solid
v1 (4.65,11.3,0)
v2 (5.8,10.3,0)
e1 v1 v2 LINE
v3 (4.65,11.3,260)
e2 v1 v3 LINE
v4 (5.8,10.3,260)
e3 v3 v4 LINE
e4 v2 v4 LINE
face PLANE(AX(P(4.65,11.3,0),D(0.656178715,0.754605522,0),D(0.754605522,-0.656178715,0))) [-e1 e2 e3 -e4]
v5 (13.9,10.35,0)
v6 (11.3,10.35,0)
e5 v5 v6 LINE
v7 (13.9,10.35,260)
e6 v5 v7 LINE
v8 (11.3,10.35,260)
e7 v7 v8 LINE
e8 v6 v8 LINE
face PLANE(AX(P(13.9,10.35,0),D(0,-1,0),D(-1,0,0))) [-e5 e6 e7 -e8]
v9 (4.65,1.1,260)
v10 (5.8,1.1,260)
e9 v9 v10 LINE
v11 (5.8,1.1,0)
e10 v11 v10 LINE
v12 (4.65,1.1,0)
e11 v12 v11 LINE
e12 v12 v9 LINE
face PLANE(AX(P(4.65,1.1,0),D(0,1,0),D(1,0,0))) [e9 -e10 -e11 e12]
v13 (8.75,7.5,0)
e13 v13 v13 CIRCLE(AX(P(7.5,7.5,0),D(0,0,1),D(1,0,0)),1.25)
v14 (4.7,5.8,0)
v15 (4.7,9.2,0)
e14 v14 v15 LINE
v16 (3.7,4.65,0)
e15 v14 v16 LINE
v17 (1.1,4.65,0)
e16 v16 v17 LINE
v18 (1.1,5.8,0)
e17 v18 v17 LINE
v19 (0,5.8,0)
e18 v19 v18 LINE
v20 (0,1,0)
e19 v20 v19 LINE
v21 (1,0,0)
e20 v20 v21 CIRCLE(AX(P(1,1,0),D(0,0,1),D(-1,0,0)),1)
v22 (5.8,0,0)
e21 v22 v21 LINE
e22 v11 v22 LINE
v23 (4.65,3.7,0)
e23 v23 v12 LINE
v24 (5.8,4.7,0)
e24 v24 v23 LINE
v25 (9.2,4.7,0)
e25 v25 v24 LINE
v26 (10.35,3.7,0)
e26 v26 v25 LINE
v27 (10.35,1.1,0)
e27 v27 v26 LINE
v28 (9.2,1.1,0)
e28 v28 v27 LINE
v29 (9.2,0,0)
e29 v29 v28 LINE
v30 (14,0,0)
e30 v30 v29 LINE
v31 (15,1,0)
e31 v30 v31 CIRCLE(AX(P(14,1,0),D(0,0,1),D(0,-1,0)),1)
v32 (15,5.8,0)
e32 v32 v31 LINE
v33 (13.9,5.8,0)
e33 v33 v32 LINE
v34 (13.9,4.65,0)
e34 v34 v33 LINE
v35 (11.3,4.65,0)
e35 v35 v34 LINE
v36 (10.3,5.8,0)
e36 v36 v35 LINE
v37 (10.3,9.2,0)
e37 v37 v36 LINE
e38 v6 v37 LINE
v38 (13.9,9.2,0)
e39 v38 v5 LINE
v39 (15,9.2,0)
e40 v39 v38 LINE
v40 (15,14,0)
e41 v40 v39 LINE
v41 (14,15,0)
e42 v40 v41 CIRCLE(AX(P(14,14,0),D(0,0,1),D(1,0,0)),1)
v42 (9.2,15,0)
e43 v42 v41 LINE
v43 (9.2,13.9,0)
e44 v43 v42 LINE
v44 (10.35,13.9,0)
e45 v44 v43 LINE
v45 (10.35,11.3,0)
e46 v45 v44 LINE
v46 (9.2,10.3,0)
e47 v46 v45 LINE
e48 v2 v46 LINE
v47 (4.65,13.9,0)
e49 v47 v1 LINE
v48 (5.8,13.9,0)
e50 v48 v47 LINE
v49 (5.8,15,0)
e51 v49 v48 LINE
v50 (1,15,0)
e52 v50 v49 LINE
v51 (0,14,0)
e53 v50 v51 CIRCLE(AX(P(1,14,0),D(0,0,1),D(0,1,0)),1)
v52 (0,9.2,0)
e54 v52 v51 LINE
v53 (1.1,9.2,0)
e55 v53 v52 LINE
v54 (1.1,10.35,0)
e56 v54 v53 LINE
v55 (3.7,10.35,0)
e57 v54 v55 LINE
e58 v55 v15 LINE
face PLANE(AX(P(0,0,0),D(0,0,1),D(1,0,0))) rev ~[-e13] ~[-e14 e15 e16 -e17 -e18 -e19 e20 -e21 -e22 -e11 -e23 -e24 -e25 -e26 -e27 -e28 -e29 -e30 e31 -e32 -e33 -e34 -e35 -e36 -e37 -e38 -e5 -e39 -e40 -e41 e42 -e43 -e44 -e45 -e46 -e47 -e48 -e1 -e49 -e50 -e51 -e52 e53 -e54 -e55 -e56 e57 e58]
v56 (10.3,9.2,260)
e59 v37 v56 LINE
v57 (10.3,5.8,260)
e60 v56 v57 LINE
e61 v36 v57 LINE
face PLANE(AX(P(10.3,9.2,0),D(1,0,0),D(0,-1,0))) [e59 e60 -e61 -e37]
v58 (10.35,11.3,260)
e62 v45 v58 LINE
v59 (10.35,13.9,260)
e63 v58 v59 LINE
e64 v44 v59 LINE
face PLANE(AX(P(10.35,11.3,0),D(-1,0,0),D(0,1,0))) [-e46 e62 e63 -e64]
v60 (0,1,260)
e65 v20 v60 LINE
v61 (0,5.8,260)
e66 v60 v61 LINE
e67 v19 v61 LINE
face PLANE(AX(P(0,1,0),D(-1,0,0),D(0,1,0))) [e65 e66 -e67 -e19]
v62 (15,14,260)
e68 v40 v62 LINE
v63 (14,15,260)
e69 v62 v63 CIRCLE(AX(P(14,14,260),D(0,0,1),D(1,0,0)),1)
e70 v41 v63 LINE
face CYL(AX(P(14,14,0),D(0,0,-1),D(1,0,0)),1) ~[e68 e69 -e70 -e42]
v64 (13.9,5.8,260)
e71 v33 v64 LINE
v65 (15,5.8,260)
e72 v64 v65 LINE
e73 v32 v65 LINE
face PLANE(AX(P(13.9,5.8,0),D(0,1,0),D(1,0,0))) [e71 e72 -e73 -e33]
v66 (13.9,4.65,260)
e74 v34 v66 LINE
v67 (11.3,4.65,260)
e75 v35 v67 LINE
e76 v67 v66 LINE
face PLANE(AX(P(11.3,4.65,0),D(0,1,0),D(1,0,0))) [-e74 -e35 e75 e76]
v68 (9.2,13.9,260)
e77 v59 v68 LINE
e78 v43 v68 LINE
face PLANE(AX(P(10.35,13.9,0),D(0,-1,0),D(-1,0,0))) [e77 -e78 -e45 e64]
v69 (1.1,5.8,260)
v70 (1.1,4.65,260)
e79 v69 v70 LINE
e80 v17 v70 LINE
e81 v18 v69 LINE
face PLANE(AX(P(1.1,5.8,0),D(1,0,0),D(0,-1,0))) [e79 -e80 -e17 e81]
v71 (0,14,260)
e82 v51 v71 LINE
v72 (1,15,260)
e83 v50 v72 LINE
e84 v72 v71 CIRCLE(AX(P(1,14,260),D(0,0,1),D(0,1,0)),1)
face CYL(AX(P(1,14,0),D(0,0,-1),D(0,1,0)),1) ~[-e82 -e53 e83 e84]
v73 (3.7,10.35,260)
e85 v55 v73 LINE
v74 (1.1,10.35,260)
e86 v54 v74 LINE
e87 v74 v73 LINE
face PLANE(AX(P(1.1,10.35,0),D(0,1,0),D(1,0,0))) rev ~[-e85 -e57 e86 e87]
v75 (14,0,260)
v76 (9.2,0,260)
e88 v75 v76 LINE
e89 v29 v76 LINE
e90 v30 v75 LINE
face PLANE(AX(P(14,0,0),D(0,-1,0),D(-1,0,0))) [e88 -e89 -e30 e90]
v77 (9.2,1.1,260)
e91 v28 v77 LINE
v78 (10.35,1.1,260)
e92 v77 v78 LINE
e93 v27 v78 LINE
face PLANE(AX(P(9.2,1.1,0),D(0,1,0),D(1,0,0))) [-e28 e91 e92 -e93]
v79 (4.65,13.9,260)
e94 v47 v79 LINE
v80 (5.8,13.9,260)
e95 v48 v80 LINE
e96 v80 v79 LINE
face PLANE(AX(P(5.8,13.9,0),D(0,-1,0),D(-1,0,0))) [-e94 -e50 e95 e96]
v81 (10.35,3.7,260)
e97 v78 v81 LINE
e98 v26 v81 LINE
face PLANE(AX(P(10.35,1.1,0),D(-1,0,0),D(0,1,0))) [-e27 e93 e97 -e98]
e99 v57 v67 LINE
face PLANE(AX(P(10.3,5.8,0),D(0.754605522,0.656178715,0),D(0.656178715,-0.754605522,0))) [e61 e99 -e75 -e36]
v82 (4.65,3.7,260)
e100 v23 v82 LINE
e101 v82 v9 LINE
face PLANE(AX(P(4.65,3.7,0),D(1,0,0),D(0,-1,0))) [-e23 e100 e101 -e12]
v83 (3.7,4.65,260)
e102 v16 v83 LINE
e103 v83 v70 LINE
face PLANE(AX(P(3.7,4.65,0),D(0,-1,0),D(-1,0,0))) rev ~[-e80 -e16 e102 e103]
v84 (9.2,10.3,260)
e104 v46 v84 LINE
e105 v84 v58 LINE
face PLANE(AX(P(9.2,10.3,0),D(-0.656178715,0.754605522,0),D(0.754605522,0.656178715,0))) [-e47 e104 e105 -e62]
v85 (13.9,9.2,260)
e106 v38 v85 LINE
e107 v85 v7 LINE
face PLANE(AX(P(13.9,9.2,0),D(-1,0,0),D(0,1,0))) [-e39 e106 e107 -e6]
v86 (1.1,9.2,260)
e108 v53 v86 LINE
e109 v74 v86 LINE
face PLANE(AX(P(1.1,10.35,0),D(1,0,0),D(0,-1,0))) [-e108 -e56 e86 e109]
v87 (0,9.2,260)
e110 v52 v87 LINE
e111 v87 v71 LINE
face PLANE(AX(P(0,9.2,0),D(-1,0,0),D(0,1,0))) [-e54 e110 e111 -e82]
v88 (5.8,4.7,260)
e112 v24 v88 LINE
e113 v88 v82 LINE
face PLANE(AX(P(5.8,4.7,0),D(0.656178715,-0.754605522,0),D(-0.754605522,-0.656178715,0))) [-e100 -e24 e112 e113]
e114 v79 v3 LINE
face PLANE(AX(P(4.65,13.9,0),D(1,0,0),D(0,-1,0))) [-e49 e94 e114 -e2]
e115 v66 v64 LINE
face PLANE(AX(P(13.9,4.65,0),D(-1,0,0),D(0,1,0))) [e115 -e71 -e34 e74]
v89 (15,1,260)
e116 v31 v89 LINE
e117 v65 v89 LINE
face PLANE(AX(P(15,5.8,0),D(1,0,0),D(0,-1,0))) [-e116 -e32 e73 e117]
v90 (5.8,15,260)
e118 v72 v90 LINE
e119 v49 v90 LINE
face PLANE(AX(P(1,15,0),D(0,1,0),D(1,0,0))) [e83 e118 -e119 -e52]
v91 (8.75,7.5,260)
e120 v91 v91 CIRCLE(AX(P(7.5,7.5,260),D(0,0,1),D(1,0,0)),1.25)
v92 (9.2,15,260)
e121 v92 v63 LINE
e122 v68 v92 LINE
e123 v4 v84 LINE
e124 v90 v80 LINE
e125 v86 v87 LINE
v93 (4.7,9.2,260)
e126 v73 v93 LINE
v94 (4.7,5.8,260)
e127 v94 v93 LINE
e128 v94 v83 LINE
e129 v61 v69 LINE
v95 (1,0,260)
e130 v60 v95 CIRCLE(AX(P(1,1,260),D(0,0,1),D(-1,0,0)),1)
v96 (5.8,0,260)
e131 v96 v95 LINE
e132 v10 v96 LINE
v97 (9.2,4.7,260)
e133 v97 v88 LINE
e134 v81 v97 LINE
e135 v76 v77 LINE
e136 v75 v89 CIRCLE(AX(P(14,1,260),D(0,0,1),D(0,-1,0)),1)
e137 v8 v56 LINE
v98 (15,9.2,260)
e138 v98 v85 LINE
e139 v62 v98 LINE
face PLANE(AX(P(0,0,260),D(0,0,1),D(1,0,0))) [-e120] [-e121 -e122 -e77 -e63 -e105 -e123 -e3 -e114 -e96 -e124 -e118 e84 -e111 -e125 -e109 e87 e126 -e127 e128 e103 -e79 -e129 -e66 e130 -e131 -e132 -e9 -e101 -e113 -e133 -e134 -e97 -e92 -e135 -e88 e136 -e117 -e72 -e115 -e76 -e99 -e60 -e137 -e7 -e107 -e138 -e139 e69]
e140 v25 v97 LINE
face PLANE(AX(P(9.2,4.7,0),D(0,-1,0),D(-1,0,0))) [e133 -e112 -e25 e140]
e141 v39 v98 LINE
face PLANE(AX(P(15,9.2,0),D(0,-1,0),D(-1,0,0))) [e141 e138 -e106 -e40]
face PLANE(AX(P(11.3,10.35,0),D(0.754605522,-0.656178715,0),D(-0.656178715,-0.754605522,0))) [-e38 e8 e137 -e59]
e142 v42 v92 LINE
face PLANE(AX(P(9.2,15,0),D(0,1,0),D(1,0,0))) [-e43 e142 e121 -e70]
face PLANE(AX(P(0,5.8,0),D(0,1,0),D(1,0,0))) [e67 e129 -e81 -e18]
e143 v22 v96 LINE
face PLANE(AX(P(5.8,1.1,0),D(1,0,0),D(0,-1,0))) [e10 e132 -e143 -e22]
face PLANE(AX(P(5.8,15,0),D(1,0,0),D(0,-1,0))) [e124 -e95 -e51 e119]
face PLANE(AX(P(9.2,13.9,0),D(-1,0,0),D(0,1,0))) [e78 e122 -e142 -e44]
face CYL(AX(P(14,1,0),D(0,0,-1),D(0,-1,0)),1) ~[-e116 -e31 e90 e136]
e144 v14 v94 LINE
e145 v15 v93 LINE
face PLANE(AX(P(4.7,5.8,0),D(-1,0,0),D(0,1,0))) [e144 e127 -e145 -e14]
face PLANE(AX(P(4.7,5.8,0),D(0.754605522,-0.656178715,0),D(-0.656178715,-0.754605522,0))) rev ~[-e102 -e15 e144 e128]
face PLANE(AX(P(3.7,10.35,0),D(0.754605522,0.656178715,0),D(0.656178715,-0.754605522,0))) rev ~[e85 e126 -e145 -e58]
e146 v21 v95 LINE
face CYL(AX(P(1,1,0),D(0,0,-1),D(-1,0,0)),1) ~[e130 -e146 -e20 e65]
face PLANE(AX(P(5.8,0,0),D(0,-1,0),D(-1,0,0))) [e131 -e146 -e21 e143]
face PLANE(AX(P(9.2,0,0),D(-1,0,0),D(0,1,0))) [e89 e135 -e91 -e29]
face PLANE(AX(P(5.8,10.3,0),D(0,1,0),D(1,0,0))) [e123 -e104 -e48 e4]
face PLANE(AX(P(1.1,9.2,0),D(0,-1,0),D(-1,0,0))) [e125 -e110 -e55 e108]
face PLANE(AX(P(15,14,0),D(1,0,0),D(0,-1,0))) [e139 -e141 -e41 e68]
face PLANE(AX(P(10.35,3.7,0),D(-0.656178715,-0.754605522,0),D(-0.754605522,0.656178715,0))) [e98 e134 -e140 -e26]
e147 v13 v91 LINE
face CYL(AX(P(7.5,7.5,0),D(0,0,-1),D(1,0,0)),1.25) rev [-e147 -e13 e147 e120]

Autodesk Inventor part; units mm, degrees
ref_plane "YZ Plane" through (0, 0, 0) normal (1, 0, 0) x (0, 1, 0)
ref_plane "XZ Plane" through (0, 0, 0) normal (0, 1, 0) x (-1, 0, 0)
ref_plane "XY Plane" through (0, 0, 0) normal (0, 0, 1) x (1, 0, 0)
sketch "Sketch1" plane through (0, 0, 0) normal (0, 0, 1) x (1, 0, 0)
  line L0 (0, 0) -> (0, 5.8)
  line L1 (0, 5.8) -> (1.1, 5.8)
  line L2 (1.1, 5.8) -> (1.1, 4.65)
  line L3 (4.7, 5.8) -> (4.7, 9.2)
  line L4 (1.1, 10.35) -> (1.1, 9.2)
  line L5 (1.1, 9.2) -> (0, 9.2)
  line L6 (0, 9.2) -> (0, 15)
  line L7 (0, 15) -> (5.8, 15)
  line L8 (5.8, 15) -> (5.8, 13.9)
  line L9 (5.8, 13.9) -> (4.65, 13.9)
  line L10 (5.8, 10.3) -> (9.2, 10.3)
  line L11 (10.35, 13.9) -> (9.2, 13.9)
  line L12 (9.2, 13.9) -> (9.2, 15)
  line L13 (9.2, 15) -> (15, 15)
  line L14 (15, 15) -> (15, 9.2)
  line L15 (15, 9.2) -> (13.9, 9.2)
  line L16 (13.9, 9.2) -> (13.9, 10.35)
  line L17 (10.3, 9.2) -> (10.3, 5.8)
  line L18 (13.9, 4.65) -> (13.9, 5.8)
  line L19 (13.9, 5.8) -> (15, 5.8)
  line L20 (15, 5.8) -> (15, 0)
  line L21 (15, 0) -> (9.2, 0)
  line L22 (9.2, 0) -> (9.2, 1.1)
  line L23 (9.2, 1.1) -> (10.35, 1.1)
  line L24 (9.2, 4.7) -> (5.8, 4.7)
  line L25 (4.65, 1.1) -> (5.8, 1.1)
  line L26 (5.8, 1.1) -> (5.8, 0)
  line L27 (5.8, 0) -> (0, 0)
  circle A0 centre (7.5, 7.5) radius 1.25
  line L28 (1.1, 10.35) -> (3.7, 10.35)
  line L29 (3.7, 10.35) -> (4.7, 9.2)
  line L30 (4.7, 5.8) -> (3.7, 4.65)
  line L31 (3.7, 4.65) -> (1.1, 4.65)
  line L32 (4.65, 13.9) -> (4.65, 11.3)
  line L33 (4.65, 11.3) -> (5.8, 10.3)
  line L34 (9.2, 10.3) -> (10.35, 11.3)
  line L35 (10.35, 11.3) -> (10.35, 13.9)
  line L36 (13.9, 10.35) -> (11.3, 10.35)
  line L37 (11.3, 10.35) -> (10.3, 9.2)
  line L38 (10.3, 5.8) -> (11.3, 4.65)
  line L39 (11.3, 4.65) -> (13.9, 4.65)
  line L40 (10.35, 1.1) -> (10.35, 3.7)
  line L41 (10.35, 3.7) -> (9.2, 4.7)
  line L42 (5.8, 4.7) -> (4.65, 3.7)
  line L43 (4.65, 3.7) -> (4.65, 1.1)
  arc A1 (1, 15) -> (0, 14) centre (1, 14) ccw
  arc A2 (15, 14) -> (14, 15) centre (14, 14) ccw
  arc A3 (14, 0) -> (15, 1) centre (14, 1) ccw
  arc A4 (0, 1) -> (1, 0) centre (1, 1) ccw
  dimension "d6" = 15
  dimension "d7" = 1.1
  dimension "d8" = 5.7
  dimension "d9" = 3.4
  dimension "d10" = 2.5
  dimension "d13" = 7.5
  dimension "d14" = 7.5
  dimension "d18" = 15
  dimension "d19" = 3.6
  dimension "d20" = 1
  dimension "d21" = 3.4
  dimension "d22" = 1
extrude "Extrusion1" add sketch "Sketch1" along normal blind 260 contours L0 L1 L2 L31 L30 L3 L29 L28 L4 L5 L6 A1 L7 L8 L9 L32 L33 L10 L34 L35 L11 L12 L13 A2 L14 L15 L16 L36 L37 L17 L38 L39 L18 L19 L20 A3 L21 L22 L23 L40 L41 L24 L42 L43 L25 L26 L27 A4
equation "\"d13\" = 0.5 * d6"
equation "\"d14\" = 0.5 * d6"
equation "\"d18\" = d6"
equation "\"d21\" = d9"
properties part number "Rail_Misumi_HFS3-1515-260" material "Aluminum 6061"
